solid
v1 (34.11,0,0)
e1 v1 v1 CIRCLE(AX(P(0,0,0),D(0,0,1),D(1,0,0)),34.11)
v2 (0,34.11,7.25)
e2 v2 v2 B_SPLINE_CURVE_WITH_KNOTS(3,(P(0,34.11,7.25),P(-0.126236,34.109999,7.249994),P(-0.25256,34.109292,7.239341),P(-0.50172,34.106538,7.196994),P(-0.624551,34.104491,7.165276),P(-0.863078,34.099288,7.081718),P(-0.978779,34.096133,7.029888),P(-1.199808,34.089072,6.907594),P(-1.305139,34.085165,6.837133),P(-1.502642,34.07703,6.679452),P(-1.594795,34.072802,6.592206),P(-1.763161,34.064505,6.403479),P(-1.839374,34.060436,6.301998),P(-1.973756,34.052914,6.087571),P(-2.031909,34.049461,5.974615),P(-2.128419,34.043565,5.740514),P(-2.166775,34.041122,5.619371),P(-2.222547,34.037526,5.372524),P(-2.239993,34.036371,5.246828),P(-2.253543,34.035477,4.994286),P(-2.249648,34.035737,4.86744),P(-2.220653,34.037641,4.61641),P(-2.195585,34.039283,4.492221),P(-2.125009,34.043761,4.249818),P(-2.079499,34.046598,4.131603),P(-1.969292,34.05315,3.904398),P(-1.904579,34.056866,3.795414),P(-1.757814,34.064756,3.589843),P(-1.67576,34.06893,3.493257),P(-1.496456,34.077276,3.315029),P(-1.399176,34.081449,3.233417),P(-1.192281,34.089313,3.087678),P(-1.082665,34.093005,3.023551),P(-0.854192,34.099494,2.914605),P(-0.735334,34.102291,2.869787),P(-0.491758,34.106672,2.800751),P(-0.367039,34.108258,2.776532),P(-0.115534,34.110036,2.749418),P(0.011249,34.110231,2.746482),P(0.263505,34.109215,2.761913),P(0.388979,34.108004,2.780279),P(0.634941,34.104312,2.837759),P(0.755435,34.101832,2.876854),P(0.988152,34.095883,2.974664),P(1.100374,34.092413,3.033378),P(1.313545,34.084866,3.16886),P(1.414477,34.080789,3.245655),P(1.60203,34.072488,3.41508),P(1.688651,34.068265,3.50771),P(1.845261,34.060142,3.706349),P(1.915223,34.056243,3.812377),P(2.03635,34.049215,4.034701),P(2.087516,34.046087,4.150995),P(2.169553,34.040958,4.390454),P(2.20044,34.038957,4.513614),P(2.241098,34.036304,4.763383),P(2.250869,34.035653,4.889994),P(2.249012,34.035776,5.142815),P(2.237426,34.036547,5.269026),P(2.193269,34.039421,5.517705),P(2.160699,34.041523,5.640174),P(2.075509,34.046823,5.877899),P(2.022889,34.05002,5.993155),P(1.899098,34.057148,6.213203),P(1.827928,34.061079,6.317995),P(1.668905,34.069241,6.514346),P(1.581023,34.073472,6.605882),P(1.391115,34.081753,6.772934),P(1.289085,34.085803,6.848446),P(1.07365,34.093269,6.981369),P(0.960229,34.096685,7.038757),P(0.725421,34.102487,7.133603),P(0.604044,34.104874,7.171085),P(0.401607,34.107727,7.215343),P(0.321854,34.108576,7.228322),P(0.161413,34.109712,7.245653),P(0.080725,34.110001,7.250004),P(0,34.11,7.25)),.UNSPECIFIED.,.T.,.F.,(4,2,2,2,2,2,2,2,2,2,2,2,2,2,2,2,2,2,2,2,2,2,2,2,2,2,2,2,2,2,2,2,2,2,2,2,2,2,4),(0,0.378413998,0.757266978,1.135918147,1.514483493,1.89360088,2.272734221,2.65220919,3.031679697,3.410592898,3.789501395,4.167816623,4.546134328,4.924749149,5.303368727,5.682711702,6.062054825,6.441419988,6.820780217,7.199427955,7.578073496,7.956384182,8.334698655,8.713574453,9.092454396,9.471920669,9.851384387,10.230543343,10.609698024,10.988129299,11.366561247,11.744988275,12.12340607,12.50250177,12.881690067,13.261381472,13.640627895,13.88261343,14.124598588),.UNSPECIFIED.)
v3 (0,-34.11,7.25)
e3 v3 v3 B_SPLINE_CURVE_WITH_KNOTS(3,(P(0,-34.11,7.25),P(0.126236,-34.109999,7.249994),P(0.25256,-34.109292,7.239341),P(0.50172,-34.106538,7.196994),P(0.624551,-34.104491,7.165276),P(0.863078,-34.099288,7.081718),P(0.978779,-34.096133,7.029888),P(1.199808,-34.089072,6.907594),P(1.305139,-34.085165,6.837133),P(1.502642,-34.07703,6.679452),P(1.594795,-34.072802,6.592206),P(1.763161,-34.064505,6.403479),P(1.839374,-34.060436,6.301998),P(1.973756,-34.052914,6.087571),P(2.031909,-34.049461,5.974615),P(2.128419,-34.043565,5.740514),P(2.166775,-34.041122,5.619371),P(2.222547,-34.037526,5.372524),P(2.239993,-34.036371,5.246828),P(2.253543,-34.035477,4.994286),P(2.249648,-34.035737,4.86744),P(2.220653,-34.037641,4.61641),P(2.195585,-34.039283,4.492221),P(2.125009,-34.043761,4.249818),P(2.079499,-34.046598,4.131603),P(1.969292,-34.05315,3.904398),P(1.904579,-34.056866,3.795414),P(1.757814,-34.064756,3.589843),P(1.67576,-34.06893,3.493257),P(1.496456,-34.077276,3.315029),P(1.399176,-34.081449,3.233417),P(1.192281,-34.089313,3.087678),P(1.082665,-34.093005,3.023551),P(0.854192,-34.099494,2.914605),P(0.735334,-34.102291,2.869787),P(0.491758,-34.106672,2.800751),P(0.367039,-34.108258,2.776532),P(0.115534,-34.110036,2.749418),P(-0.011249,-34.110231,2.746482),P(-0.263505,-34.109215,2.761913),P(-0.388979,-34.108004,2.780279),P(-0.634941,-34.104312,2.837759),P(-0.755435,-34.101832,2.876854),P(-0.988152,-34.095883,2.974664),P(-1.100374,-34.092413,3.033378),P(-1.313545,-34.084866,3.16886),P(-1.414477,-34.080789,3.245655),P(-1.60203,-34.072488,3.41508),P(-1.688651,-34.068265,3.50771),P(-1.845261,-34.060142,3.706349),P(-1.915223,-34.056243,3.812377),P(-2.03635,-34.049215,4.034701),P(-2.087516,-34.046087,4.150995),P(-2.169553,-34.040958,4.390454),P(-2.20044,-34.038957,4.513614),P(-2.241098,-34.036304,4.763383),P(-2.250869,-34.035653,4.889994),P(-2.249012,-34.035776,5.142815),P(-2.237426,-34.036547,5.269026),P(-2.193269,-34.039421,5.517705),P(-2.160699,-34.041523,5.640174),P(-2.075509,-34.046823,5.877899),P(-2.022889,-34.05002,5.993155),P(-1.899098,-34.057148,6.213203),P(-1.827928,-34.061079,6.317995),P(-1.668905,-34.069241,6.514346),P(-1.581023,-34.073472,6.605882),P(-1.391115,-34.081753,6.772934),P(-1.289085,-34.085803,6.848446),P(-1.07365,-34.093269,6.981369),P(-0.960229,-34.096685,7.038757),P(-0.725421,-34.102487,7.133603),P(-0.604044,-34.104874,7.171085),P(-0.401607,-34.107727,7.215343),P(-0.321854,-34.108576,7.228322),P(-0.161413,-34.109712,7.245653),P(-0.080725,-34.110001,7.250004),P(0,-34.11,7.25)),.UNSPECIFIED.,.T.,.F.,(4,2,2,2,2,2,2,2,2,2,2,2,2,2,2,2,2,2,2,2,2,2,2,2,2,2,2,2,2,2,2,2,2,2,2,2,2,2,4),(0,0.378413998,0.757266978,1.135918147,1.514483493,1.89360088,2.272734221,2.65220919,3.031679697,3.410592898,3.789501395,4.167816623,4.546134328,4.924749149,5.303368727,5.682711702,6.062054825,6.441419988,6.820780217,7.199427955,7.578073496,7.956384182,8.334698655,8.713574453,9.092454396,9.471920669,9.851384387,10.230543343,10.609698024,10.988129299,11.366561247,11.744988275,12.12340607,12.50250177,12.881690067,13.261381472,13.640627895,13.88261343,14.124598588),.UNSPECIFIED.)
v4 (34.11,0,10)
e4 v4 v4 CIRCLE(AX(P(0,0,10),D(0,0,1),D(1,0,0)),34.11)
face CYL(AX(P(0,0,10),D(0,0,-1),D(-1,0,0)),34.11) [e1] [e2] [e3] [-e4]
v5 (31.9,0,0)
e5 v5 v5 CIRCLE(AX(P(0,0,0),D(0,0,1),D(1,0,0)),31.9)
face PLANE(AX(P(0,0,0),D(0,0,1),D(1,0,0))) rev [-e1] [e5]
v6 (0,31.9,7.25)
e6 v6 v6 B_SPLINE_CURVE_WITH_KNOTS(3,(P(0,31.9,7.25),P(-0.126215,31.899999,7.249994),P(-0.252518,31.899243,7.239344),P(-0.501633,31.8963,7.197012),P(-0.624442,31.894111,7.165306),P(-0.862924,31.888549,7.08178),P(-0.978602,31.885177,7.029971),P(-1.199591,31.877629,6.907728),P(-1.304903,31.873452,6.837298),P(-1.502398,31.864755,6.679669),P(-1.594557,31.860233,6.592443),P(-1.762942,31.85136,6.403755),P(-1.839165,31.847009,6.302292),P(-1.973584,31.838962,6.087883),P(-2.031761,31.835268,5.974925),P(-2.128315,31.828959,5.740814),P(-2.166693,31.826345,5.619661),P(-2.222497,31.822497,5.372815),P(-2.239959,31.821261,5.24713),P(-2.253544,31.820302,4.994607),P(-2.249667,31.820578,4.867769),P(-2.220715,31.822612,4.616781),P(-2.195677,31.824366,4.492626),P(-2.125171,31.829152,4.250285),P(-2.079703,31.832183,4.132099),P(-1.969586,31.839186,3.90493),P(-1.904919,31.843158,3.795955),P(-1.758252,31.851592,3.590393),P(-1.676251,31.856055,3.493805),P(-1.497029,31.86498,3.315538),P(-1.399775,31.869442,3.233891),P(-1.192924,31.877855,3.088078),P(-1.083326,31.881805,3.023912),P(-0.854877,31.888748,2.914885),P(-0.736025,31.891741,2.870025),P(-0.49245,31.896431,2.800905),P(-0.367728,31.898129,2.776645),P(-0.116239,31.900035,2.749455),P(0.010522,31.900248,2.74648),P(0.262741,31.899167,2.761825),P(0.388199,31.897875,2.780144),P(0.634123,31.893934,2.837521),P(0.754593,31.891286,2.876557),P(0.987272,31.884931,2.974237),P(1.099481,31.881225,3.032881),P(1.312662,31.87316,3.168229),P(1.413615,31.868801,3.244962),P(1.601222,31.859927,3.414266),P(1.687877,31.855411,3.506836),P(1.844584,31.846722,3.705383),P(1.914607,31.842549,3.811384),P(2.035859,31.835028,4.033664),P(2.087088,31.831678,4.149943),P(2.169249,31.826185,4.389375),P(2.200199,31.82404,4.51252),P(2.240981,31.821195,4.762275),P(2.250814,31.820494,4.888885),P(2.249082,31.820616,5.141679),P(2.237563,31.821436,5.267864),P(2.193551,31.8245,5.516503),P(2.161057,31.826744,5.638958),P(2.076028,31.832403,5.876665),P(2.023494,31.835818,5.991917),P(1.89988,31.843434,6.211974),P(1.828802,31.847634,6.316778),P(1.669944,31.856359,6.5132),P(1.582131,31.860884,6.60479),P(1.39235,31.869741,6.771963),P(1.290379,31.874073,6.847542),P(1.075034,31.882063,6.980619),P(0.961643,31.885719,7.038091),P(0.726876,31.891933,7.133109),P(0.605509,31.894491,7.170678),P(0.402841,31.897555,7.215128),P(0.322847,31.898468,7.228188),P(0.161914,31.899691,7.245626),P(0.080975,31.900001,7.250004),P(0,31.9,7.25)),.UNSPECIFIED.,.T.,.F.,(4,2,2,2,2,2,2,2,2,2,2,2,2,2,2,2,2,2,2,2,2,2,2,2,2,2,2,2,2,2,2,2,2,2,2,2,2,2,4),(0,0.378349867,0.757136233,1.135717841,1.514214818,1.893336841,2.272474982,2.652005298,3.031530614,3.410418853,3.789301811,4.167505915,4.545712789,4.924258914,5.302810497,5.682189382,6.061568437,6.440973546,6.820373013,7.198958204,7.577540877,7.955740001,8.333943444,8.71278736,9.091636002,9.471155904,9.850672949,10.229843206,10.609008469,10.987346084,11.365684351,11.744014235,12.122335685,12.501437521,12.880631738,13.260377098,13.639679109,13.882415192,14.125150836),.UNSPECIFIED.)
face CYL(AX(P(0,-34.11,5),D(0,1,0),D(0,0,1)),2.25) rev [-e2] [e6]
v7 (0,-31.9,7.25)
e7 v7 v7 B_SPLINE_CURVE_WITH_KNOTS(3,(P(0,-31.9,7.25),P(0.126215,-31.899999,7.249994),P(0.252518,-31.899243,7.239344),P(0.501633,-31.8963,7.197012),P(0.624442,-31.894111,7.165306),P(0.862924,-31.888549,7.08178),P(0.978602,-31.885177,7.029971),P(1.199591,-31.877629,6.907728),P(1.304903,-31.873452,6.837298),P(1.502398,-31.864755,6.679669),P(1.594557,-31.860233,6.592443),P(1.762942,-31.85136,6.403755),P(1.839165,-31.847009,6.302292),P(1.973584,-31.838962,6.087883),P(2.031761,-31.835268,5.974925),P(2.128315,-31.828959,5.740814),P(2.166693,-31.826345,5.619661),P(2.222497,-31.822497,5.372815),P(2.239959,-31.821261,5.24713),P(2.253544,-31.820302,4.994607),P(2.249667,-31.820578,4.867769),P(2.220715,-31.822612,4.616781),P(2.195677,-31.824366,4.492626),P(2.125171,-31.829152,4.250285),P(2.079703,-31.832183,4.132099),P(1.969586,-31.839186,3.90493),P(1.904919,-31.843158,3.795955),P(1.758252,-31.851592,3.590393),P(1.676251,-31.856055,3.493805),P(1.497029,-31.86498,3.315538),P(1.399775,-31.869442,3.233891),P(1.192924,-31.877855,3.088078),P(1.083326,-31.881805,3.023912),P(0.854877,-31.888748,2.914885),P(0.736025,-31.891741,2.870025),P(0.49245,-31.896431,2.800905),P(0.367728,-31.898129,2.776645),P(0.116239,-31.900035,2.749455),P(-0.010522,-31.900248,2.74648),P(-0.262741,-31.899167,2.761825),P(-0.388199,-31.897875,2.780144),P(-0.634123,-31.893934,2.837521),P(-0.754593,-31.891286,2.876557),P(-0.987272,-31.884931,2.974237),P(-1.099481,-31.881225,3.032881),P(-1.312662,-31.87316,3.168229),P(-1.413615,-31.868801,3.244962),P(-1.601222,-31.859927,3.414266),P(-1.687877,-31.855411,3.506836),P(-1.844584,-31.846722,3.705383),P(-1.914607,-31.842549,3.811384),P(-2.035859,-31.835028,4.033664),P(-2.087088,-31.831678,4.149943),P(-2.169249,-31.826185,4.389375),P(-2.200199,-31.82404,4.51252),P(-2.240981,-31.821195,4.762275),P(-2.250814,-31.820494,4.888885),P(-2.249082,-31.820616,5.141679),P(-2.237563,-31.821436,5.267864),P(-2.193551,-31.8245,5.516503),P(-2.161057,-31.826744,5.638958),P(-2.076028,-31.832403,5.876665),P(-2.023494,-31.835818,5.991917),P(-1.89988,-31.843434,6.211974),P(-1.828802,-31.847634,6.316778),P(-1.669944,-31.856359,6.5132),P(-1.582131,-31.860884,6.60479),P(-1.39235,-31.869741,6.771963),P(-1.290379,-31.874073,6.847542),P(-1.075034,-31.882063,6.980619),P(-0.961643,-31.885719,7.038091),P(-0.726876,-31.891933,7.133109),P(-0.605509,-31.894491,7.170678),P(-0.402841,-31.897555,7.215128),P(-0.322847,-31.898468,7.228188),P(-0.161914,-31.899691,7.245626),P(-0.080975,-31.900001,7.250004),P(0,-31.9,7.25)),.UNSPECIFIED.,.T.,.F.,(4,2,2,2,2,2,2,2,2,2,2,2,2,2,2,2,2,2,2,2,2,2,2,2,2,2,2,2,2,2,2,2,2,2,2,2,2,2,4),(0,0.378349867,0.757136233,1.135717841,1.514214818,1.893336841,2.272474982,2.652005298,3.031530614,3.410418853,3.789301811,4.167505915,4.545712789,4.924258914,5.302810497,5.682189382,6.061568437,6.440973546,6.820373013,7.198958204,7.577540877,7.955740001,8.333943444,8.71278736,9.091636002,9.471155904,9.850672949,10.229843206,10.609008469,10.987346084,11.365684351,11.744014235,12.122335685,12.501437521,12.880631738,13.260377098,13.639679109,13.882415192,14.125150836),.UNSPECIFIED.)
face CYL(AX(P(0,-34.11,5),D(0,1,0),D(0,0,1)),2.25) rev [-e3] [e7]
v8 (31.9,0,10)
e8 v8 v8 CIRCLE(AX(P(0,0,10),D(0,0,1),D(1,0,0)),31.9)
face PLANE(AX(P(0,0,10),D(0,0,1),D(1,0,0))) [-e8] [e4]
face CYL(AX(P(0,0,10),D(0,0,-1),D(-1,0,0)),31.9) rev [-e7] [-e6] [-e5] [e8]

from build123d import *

# Parameters (mm, degrees)
SKETCH1_R           = 34.11
SKETCH1_R_2         = 31.9
BOSS_EXTRUDE1_DEPTH = 10
SKETCH2_R           = 2.25
CUT_EXTRUDE1_DEPTH  = 69.22


with BuildPart() as part:
    # Sketch1 → Boss-Extrude1 (new body)
    with BuildSketch(Plane.XY):
        Circle(SKETCH1_R)
        Circle(SKETCH1_R_2, mode=Mode.SUBTRACT)
    extrude(amount=BOSS_EXTRUDE1_DEPTH)

    # Sketch2 → Cut-Extrude1 (cut, through all)
    with BuildSketch(Plane(origin=(0, 34.11, 0), x_dir=(1, 0, 0), z_dir=(0, 1, 0))):
        with Locations((0, -5)):
            Circle(SKETCH2_R)
    extrude(amount=-CUT_EXTRUDE1_DEPTH, mode=Mode.SUBTRACT)


solid = part.part
